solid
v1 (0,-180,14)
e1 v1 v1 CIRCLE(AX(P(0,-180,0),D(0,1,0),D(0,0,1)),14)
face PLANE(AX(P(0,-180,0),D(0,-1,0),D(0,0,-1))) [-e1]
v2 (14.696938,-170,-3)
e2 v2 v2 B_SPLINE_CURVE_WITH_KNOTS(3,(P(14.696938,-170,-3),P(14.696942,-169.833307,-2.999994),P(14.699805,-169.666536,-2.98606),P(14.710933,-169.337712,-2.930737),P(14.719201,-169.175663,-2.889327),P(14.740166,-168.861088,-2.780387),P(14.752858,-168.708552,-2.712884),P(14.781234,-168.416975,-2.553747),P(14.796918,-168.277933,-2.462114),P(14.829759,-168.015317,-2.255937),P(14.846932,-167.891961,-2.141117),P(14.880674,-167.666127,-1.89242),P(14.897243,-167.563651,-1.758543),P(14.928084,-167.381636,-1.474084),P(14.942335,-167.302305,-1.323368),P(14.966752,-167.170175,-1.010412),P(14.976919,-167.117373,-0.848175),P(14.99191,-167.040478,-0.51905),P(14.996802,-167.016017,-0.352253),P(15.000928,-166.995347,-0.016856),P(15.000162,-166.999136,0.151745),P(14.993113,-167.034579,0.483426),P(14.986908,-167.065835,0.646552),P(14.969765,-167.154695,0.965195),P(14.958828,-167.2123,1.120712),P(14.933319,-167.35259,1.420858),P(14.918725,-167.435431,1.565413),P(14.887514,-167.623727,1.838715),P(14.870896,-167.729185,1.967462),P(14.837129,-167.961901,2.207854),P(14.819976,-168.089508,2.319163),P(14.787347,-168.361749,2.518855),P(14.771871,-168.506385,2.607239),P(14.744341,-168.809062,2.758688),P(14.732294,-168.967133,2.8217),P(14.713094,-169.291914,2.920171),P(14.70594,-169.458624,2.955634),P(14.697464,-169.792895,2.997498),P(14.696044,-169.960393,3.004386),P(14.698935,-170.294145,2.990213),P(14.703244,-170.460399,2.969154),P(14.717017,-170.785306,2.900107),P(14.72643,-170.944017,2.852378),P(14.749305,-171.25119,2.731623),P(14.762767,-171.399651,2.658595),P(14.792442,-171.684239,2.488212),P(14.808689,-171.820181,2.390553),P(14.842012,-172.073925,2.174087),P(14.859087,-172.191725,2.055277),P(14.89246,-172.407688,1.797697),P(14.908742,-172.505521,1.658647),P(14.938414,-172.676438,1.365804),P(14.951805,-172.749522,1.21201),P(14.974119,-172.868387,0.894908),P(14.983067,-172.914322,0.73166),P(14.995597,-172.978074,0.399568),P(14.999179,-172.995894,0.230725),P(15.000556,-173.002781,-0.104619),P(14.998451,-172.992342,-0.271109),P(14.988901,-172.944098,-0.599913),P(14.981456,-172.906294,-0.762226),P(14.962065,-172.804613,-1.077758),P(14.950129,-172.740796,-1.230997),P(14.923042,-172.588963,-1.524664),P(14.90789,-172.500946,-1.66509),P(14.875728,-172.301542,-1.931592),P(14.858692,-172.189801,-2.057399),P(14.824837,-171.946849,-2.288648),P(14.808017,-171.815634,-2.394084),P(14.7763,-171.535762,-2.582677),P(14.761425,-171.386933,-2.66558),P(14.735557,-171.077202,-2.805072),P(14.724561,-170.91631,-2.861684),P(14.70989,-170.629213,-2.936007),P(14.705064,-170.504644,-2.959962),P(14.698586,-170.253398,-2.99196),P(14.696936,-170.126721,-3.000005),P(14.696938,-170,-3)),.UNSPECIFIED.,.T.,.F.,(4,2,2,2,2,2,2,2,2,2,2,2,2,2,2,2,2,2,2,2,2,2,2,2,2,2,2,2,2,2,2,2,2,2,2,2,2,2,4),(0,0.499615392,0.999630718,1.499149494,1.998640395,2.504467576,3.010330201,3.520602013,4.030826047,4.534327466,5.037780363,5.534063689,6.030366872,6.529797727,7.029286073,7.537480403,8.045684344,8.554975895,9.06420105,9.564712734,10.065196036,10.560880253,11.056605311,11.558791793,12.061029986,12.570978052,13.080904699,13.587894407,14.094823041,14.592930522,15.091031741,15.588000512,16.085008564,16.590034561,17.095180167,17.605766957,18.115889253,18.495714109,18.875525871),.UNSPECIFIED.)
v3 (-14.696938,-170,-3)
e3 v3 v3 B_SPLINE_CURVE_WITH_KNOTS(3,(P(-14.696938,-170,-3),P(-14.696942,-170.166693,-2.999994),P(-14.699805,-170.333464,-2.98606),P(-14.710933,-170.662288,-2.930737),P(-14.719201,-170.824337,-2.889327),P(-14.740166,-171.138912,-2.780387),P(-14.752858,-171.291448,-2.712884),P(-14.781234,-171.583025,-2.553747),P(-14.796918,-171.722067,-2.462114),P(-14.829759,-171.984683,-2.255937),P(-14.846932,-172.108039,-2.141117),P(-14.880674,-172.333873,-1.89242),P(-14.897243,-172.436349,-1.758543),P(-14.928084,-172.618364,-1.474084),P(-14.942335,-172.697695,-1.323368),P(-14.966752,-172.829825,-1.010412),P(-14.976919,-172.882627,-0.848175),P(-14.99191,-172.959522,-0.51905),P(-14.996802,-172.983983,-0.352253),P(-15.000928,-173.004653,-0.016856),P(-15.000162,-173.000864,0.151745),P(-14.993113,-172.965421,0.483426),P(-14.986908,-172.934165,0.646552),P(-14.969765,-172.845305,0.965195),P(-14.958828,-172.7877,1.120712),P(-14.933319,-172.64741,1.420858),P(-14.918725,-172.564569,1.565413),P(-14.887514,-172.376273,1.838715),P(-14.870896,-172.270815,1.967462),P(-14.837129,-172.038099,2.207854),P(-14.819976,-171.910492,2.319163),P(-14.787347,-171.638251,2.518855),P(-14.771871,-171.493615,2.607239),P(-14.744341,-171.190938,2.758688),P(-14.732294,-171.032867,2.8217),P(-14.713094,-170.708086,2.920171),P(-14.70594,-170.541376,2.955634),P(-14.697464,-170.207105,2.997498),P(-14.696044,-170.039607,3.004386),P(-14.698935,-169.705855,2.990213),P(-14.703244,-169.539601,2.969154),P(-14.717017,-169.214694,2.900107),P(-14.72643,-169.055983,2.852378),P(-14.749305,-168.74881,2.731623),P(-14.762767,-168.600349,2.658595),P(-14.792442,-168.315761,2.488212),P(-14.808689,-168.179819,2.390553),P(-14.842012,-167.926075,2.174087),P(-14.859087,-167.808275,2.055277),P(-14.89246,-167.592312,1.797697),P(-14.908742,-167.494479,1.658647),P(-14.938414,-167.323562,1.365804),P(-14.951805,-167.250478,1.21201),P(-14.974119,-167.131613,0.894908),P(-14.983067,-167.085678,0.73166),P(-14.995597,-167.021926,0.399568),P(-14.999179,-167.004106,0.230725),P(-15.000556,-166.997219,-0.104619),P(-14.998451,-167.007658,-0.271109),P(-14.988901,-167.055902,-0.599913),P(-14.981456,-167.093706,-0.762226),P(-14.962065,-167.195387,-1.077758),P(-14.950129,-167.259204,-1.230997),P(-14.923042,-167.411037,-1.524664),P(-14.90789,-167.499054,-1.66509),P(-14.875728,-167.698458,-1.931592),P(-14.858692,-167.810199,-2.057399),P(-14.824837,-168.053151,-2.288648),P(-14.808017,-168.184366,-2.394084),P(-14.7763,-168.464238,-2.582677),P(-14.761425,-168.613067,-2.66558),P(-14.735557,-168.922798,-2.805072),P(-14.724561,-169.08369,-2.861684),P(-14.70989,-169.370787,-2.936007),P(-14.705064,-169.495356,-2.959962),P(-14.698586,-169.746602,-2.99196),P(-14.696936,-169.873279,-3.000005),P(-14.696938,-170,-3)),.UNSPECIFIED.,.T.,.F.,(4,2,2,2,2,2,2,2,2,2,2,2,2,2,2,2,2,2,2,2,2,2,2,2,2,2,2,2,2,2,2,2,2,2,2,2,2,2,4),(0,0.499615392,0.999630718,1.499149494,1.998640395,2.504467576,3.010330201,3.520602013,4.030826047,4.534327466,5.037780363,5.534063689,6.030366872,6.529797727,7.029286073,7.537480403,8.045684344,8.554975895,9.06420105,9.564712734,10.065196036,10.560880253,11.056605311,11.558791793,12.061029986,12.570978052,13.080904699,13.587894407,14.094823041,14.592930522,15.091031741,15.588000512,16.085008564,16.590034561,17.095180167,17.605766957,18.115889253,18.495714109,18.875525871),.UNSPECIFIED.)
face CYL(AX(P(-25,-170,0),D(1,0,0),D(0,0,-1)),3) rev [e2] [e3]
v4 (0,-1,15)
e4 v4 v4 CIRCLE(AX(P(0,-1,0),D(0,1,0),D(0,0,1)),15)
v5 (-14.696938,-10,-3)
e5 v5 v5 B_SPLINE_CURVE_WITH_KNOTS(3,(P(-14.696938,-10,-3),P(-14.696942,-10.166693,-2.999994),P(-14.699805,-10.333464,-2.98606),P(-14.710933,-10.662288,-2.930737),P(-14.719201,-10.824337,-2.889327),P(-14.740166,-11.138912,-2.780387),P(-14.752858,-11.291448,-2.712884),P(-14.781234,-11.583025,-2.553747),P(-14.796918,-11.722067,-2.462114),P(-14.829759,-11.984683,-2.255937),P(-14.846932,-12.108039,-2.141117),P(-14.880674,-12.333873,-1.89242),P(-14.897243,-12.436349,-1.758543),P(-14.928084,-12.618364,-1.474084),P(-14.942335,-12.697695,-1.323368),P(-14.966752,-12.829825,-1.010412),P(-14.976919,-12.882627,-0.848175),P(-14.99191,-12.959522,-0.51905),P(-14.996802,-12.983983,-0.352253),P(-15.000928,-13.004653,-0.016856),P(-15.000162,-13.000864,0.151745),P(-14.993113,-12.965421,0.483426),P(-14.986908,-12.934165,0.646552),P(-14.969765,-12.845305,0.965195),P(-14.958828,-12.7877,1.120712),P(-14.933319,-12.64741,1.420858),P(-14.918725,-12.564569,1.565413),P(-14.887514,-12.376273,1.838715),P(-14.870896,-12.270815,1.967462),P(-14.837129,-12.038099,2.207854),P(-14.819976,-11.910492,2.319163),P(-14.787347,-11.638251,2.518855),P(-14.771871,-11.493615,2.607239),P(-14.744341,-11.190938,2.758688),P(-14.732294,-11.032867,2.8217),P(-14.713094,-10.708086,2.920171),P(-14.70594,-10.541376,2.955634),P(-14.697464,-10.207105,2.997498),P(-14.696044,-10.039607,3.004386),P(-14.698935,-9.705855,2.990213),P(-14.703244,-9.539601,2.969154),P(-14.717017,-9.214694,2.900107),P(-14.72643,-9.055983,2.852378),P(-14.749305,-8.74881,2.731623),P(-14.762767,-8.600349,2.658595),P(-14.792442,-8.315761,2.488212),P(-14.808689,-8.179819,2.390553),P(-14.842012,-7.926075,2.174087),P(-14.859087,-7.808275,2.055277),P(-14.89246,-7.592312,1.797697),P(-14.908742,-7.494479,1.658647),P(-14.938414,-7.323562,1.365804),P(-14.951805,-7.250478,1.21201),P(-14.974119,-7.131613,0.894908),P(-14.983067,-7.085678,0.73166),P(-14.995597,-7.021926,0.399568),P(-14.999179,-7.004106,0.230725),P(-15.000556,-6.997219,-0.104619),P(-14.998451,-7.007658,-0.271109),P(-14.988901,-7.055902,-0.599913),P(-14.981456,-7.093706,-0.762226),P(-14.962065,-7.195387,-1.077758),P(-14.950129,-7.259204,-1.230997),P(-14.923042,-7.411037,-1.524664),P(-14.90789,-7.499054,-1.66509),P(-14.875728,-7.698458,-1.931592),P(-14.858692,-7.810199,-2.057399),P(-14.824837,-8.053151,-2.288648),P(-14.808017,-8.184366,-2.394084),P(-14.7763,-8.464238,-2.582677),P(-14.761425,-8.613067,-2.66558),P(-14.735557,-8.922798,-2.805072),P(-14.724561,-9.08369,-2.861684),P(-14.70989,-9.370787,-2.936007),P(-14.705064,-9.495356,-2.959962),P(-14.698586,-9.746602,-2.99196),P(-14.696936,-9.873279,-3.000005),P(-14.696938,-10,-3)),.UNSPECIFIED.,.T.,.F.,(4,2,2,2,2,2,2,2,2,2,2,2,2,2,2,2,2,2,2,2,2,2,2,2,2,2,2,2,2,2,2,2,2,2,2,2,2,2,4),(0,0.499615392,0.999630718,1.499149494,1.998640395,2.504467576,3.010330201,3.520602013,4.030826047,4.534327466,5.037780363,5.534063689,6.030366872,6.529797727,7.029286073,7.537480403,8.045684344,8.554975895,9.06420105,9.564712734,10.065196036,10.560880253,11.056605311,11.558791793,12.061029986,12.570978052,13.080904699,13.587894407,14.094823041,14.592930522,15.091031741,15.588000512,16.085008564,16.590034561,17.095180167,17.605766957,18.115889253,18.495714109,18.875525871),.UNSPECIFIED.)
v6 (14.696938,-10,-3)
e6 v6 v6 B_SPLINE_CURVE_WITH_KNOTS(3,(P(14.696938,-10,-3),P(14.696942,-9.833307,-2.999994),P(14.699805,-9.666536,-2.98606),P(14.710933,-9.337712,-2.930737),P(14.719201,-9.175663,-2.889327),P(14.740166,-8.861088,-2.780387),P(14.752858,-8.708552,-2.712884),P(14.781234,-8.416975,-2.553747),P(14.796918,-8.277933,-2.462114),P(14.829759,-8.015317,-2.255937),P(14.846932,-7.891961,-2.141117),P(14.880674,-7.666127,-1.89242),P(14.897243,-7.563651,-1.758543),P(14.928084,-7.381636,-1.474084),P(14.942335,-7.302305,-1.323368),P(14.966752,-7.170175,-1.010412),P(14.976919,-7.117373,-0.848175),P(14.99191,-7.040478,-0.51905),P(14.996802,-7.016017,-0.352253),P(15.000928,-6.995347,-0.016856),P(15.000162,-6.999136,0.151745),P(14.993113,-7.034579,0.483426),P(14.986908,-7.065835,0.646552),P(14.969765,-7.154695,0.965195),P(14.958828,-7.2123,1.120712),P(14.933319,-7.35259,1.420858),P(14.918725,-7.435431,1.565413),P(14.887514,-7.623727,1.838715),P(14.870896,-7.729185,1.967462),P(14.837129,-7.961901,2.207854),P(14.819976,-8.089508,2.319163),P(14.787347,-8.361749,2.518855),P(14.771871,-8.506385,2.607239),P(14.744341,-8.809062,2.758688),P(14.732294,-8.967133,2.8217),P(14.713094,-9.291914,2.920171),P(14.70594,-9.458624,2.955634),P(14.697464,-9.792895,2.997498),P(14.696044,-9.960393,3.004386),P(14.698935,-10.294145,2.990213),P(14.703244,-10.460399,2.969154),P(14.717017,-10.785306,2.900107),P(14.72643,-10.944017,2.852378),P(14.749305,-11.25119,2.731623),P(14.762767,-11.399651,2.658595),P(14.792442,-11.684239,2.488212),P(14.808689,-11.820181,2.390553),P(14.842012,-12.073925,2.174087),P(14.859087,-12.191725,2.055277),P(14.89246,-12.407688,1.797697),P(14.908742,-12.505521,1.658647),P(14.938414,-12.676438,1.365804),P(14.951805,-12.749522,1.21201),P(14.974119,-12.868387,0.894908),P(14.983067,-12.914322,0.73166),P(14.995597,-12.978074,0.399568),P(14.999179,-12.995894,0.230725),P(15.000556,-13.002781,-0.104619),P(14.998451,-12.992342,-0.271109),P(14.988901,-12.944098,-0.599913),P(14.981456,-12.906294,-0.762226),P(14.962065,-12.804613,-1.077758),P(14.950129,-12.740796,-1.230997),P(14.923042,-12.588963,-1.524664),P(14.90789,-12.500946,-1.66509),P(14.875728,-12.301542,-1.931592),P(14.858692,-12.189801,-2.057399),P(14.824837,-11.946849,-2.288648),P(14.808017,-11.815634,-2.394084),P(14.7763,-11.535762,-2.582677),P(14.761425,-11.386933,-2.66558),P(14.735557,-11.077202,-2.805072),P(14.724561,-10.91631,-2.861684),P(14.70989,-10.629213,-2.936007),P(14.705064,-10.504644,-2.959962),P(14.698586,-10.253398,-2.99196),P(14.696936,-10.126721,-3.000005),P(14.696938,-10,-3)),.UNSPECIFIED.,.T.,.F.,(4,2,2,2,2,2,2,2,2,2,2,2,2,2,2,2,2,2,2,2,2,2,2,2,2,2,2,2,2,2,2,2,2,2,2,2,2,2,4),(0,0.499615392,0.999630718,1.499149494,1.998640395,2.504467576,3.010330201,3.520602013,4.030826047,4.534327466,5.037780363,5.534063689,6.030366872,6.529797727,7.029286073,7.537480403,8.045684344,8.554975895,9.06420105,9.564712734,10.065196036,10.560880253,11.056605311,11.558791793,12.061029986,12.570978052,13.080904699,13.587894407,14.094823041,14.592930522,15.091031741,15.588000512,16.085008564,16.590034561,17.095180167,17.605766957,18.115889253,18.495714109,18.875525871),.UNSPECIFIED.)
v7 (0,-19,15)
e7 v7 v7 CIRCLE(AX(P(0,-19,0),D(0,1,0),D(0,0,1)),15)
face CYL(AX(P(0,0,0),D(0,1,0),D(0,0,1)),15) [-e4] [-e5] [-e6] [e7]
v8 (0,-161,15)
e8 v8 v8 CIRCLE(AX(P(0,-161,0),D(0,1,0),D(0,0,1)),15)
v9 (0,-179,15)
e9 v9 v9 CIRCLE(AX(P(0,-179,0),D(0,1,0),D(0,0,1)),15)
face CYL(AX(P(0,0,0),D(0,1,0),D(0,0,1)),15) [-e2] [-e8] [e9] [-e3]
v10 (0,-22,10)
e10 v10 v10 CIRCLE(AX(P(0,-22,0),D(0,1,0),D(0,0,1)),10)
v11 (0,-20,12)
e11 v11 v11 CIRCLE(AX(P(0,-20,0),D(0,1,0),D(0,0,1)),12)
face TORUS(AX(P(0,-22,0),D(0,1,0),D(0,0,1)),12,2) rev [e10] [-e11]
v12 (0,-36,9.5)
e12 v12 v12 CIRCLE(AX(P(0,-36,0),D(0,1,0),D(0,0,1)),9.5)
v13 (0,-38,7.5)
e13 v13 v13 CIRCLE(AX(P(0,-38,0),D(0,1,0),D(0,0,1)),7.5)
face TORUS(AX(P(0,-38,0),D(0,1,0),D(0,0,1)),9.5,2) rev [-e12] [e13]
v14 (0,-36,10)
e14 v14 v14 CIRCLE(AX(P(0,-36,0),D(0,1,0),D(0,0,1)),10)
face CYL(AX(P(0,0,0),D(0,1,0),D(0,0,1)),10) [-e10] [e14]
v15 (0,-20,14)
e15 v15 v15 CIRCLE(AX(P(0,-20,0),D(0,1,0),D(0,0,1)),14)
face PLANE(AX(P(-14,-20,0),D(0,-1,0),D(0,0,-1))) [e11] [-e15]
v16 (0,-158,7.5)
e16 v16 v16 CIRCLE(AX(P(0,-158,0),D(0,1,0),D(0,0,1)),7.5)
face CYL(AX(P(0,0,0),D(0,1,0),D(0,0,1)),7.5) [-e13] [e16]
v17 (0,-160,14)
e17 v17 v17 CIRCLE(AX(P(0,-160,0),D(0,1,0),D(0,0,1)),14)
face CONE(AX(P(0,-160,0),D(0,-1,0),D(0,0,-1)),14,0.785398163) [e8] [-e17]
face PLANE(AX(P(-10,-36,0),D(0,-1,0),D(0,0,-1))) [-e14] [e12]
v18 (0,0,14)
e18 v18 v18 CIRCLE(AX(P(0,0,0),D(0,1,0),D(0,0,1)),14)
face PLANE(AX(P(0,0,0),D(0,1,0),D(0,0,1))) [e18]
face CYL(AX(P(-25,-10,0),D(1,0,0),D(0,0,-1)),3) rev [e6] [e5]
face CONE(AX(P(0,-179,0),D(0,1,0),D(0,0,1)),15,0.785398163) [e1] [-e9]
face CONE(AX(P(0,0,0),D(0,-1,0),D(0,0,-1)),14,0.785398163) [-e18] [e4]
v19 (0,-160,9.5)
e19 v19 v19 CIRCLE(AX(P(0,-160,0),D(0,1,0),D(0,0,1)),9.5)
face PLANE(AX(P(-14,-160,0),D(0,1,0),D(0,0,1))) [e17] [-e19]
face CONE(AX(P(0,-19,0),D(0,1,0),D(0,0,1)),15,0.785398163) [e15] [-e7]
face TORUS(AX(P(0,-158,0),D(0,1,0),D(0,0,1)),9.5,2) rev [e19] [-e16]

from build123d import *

# Parameters (mm, degrees)
ESQUISSE2_R             = 3
ENL_V_MAT_EXTRU_1_DEPTH = 25


with BuildPart() as part:
    # Esquisse1 → Base-Révolution (revolve)
    with BuildSketch(Plane.XY, mode=Mode.PRIVATE) as base_r_volution_sk:
        with BuildLine():
            Line((0, 0), (-14, 0))
            Line((-14, 0), (-15, -1))
            Line((-15, -1), (-15, -19))
            Line((-15, -19), (-14, -20))
            Line((-14, -20), (-12, -20))
            ThreePointArc((-12, -20), (-10.585786438, -20.585786438), (-10, -22))
            Line((-10, -22), (-10, -36))
            Line((-10, -36), (-9.5, -36))
            ThreePointArc((-9.5, -36), (-8.085786438, -36.585786438), (-7.5, -38))
            Line((-7.5, -38), (-7.5, -158))
            ThreePointArc((-7.5, -158), (-8.085786438, -159.414213562), (-9.5, -160))
            Line((-9.5, -160), (-14, -160))
            Line((-14, -160), (-15, -161))
            Line((-15, -161), (-15, -179))
            Line((-15, -179), (-14, -180))
            Line((-14, -180), (0, -180))
            Line((0, -180), (0, 0))
        make_face()
    revolve(base_r_volution_sk.sketch.rotate(Axis((0, 0, 0), (0, -1, 0)), 270), axis=Axis((0, 0, 0), (0, -1, 0)))

    # Esquisse2 → Enlèv. mat.-Extru.1 (cut, symmetric)
    with BuildSketch(Plane(origin=(0, 0, 0), x_dir=(0, 0, -1), z_dir=(1, 0, 0))):
        with Locations((0, -10)):
            Circle(ESQUISSE2_R)
        with Locations((0, -170)):
            Circle(ESQUISSE2_R)
    extrude(amount=ENL_V_MAT_EXTRU_1_DEPTH, both=True, mode=Mode.SUBTRACT)


solid = part.part
